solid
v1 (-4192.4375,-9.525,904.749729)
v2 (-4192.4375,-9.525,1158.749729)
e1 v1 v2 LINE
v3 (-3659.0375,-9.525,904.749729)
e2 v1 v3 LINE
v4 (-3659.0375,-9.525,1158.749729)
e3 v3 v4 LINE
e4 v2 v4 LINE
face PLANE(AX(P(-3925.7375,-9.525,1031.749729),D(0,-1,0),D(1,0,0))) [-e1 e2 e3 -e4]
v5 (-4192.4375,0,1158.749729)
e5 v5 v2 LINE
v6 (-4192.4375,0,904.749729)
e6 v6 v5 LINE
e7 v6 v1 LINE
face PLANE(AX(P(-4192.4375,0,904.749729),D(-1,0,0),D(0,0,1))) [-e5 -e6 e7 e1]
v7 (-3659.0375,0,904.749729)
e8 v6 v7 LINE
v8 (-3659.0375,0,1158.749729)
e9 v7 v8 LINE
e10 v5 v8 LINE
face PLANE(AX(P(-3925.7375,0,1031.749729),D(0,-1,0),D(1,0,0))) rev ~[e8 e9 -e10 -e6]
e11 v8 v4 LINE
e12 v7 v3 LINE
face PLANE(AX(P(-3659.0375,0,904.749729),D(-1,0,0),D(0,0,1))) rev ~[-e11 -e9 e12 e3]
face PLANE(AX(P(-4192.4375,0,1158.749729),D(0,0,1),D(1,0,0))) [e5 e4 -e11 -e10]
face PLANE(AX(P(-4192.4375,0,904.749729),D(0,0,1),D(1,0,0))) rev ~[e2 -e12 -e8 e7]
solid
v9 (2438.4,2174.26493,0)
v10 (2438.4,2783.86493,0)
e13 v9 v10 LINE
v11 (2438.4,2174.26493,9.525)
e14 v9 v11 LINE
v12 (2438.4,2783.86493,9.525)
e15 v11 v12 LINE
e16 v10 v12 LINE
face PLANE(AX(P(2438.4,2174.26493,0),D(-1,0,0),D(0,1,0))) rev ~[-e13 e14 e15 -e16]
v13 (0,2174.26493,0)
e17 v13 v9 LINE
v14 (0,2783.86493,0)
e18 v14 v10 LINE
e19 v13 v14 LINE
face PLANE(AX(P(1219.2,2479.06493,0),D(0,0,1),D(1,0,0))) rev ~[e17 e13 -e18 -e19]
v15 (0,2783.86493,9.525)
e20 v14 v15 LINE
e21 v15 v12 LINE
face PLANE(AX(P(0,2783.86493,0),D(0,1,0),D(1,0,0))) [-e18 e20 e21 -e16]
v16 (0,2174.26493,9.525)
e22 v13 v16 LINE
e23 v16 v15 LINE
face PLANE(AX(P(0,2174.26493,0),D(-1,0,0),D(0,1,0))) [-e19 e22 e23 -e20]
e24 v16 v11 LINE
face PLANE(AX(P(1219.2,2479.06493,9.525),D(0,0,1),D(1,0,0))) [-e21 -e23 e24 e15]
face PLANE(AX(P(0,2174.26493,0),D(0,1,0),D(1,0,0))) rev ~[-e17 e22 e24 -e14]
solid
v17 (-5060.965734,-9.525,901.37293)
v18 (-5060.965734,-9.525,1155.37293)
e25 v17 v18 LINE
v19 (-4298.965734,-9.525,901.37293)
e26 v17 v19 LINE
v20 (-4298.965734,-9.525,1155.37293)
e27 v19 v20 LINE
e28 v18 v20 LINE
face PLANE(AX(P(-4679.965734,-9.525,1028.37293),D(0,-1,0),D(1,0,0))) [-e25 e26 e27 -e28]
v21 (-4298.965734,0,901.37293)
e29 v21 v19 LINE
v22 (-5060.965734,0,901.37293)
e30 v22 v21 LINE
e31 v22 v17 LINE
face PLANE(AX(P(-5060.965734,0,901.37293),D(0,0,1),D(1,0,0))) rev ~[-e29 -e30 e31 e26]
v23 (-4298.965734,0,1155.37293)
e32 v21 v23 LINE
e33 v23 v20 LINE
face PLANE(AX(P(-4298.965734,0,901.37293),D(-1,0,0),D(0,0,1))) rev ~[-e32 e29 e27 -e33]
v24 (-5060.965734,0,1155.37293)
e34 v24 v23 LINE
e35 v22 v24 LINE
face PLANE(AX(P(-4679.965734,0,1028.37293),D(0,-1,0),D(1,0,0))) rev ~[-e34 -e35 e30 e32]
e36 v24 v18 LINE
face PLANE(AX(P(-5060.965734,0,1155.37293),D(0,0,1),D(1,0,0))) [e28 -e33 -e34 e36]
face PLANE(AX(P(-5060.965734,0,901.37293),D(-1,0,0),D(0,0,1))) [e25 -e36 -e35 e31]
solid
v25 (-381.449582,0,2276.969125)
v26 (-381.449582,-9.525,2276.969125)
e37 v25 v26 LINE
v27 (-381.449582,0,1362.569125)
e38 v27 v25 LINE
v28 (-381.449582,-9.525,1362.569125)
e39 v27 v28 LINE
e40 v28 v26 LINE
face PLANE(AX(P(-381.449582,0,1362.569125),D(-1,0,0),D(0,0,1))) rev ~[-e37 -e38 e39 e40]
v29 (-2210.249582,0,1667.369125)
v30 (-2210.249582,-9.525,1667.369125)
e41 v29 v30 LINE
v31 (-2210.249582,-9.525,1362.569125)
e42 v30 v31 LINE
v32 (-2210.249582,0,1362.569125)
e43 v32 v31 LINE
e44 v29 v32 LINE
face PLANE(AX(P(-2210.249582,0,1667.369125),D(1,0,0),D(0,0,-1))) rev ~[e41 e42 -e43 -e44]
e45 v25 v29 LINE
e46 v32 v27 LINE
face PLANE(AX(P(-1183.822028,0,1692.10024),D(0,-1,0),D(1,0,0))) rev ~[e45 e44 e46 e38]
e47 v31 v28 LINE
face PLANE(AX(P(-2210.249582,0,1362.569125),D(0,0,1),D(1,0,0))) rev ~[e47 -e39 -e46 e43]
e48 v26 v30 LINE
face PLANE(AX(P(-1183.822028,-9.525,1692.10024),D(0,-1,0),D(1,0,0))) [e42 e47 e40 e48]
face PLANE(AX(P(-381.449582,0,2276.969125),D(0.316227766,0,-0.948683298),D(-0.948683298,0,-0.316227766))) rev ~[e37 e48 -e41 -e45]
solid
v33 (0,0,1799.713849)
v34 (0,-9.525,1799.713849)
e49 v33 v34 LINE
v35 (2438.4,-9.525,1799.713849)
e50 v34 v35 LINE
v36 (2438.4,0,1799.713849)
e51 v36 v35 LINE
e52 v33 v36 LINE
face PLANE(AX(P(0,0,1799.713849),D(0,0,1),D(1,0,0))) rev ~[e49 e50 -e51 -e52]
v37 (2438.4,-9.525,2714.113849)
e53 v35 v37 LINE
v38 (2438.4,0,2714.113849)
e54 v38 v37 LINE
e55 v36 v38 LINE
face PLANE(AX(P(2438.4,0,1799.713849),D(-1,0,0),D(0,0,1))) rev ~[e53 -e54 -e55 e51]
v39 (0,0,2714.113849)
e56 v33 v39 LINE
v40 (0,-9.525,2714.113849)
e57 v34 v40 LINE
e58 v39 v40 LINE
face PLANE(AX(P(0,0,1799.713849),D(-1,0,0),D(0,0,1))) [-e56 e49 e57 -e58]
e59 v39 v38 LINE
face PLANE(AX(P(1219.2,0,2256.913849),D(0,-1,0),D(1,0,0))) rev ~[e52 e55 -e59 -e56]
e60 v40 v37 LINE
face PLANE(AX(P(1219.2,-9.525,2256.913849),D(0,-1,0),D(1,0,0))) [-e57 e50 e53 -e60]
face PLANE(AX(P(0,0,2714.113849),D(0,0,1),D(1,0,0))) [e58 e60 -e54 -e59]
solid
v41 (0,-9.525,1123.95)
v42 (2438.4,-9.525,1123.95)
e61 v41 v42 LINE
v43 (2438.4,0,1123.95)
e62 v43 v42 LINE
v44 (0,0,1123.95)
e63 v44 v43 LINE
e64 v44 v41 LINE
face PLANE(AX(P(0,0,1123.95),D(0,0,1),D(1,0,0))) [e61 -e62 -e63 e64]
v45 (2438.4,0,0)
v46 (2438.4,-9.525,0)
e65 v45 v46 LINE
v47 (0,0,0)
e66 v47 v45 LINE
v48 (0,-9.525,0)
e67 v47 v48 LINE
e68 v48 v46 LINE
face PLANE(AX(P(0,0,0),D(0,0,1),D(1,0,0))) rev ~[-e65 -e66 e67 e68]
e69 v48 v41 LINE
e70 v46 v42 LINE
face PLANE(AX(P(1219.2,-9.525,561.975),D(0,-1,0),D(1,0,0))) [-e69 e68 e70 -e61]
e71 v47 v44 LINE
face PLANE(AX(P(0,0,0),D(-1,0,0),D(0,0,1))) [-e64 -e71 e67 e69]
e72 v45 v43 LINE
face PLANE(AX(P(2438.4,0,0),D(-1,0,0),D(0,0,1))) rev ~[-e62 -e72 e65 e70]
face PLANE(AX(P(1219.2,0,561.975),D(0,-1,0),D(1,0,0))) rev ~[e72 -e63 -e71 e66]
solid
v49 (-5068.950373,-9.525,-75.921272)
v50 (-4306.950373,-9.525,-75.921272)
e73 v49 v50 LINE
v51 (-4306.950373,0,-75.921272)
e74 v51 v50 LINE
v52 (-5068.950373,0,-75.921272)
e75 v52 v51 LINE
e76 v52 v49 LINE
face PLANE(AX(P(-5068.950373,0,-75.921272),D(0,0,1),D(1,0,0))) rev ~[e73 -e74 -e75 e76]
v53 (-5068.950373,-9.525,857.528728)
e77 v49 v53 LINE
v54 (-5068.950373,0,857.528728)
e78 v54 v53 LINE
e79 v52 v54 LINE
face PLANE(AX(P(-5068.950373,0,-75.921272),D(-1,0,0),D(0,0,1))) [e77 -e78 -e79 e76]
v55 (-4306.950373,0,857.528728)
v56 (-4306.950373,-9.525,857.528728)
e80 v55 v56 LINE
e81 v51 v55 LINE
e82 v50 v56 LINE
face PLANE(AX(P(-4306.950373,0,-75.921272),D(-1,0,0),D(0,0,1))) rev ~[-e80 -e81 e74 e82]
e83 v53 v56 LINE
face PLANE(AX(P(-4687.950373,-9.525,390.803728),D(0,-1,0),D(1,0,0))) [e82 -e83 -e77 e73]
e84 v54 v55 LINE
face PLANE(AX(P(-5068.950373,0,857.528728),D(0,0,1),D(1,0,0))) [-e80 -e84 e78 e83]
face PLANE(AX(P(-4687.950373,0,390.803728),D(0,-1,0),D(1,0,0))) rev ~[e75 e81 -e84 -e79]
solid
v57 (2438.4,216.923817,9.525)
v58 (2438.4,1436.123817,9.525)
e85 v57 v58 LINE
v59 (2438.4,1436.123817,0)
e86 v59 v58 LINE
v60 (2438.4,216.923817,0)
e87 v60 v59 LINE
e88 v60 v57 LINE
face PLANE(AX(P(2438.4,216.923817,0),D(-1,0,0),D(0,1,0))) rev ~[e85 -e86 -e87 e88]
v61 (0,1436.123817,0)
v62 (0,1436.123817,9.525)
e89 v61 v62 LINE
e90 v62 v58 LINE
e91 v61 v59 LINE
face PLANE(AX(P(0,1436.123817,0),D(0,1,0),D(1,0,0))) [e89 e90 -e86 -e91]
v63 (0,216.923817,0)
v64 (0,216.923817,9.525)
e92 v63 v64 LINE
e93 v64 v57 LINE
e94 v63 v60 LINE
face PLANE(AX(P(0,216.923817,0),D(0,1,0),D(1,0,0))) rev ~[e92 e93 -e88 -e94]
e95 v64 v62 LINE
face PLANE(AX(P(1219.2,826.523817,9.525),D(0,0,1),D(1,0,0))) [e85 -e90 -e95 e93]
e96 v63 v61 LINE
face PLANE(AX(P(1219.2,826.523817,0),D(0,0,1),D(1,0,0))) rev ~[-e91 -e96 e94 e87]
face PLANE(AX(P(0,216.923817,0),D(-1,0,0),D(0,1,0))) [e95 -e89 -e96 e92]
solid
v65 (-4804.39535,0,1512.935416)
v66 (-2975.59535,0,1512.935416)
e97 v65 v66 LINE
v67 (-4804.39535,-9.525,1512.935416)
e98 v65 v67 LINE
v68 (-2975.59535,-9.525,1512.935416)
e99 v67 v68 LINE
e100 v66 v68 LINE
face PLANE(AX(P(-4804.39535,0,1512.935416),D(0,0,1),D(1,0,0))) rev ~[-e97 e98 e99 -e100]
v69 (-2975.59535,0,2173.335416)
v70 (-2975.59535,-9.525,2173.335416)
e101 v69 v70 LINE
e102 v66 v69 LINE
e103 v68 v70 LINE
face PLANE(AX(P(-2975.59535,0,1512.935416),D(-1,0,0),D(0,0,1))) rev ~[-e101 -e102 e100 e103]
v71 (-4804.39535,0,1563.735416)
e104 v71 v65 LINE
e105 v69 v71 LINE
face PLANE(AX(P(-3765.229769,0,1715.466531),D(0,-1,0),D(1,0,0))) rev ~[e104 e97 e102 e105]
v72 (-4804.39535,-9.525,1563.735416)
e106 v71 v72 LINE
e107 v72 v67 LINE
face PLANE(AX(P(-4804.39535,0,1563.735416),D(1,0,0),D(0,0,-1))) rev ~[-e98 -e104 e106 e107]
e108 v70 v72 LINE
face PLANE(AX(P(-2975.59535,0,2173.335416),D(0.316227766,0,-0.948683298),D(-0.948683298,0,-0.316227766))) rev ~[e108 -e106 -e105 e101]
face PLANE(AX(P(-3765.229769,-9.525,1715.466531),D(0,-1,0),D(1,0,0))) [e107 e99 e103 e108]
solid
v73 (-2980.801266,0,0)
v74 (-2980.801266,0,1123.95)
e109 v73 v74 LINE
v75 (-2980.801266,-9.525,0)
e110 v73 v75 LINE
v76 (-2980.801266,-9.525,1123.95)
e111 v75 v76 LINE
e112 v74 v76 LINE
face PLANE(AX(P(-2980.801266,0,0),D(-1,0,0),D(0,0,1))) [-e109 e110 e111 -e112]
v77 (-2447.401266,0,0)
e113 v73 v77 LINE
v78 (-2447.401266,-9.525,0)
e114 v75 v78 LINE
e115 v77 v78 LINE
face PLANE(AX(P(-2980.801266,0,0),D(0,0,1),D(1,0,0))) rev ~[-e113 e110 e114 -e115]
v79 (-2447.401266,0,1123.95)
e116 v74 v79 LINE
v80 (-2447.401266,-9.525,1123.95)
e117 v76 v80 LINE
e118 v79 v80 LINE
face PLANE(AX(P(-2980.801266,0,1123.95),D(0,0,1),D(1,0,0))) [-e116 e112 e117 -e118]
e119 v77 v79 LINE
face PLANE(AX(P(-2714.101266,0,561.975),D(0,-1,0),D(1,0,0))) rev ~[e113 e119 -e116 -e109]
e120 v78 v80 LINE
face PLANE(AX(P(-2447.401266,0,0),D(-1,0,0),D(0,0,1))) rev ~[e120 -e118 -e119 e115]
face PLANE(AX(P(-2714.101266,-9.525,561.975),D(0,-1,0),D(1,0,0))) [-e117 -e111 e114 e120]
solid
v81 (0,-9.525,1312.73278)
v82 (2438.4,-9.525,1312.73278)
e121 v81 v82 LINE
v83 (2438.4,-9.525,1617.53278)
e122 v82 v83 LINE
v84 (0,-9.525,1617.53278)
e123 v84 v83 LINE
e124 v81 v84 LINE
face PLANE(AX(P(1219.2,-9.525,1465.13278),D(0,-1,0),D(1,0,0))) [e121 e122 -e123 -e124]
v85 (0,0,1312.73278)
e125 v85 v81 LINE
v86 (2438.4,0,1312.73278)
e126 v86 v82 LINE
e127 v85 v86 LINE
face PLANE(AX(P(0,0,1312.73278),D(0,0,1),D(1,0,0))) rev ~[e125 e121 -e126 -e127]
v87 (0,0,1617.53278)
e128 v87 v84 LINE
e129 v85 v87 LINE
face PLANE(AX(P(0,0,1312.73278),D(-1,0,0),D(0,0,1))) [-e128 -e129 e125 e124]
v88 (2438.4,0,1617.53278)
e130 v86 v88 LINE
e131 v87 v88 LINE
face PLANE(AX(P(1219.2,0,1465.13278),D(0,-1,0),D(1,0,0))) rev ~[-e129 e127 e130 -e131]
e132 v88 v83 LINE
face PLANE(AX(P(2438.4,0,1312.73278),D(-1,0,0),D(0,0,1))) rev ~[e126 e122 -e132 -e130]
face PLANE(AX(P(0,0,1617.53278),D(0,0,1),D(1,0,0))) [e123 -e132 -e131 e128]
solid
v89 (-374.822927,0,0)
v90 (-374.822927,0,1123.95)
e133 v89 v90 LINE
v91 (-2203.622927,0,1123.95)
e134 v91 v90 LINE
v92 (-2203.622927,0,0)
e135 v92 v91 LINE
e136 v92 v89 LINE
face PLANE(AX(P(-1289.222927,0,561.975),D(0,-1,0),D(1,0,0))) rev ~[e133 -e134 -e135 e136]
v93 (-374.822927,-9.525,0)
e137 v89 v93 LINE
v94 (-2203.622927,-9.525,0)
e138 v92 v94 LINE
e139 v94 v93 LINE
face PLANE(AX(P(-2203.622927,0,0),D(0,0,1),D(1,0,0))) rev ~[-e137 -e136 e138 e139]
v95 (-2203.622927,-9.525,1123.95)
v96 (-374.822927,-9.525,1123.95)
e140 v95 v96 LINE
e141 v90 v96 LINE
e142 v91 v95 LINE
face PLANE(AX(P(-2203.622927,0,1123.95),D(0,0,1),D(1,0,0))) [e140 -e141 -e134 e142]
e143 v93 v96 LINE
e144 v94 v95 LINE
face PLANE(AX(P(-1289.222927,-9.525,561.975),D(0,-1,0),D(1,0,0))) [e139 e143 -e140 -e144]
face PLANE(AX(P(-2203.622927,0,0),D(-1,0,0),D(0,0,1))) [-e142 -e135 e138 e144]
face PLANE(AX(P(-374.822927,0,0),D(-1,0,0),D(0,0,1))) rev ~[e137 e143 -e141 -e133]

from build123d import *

# Parameters (mm, degrees)
F0_W      = 2438.4
F0_H      = 1123.95
F1_DEPTH  = 9.525
F2_W      = 2438.4
F2_H      = 304.8
F3_DEPTH  = 9.525
F4_W      = 2438.4
F4_H      = 914.4
F5_DEPTH  = 9.525
F6_W      = 1828.8
F6_H      = 1123.95
F7_DEPTH  = 9.525
F9_DEPTH  = 9.525
F10_W     = 2438.4
F10_H     = 1219.2
F11_DEPTH = 9.525
F12_W     = 2438.4
F12_H     = 609.6
F13_DEPTH = 9.525
F14_W     = 533.4
F14_H     = 1123.95
F15_DEPTH = 9.525
F17_DEPTH = 9.525
F18_W     = 533.4
F18_H     = 254
F19_DEPTH = 9.525
F20_W     = 762
F20_H     = 254
F21_DEPTH = 9.525
F22_W     = 762
F22_H     = 933.45
F23_DEPTH = 9.525


with BuildPart() as f1:
    # F0 (on Front) → F1 (new body)
    with BuildSketch(Plane.XZ):
        with Locations((1219.2, 561.975)):
            Rectangle(F0_W, F0_H)
    extrude(amount=F1_DEPTH)


with BuildPart() as f3:
    # F2 (on Front) → F3 (new body)
    with BuildSketch(Plane.XZ):
        with Locations((1219.2, 1465.13278)):
            Rectangle(F2_W, F2_H)
    extrude(amount=F3_DEPTH)


with BuildPart() as f5:
    # F4 (on Front) → F5 (new body)
    with BuildSketch(Plane.XZ):
        with Locations((1219.2, 2256.913849)):
            Rectangle(F4_W, F4_H)
    extrude(amount=F5_DEPTH)


with BuildPart() as f7:
    # F6 (on Front) → F7 (new body)
    with BuildSketch(Plane.XZ):
        with Locations((-1289.222927, 561.975)):
            Rectangle(F6_W, F6_H)
    extrude(amount=F7_DEPTH)


with BuildPart() as f9:
    # F8 (on Front) → F9 (new body)
    with BuildSketch(Plane.XZ):
        Polygon((-2210.249582, 1362.569125), (-381.449582, 1362.569125), (-381.449582, 2276.969125), (-2210.249582, 1667.369125), align=None)
    extrude(amount=F9_DEPTH)


with BuildPart() as f11:
    # F10 (on Top) → F11 (new body)
    with BuildSketch(Plane.XY):
        with Locations((1219.2, 826.523817)):
            Rectangle(F10_W, F10_H)
    extrude(amount=F11_DEPTH)


with BuildPart() as f13:
    # F12 (on Top) → F13 (new body)
    with BuildSketch(Plane.XY):
        with Locations((1219.2, 2479.06493)):
            Rectangle(F12_W, F12_H)
    extrude(amount=F13_DEPTH)


with BuildPart() as f15:
    # F14 (on Front) → F15 (new body)
    with BuildSketch(Plane.XZ):
        with Locations((-2714.101266, 561.975)):
            Rectangle(F14_W, F14_H)
    extrude(amount=F15_DEPTH)


with BuildPart() as f17:
    # F16 (on Front) → F17 (new body)
    with BuildSketch(Plane.XZ):
        Polygon((-4804.39535, 1512.935416), (-2975.59535, 1512.935416), (-2975.59535, 2173.335416), (-4804.39535, 1563.735416), align=None)
    extrude(amount=F17_DEPTH)


with BuildPart() as f19:
    # F18 (on Front) → F19 (new body)
    with BuildSketch(Plane.XZ):
        with Locations((-3925.7375, 1031.749729)):
            Rectangle(F18_W, F18_H)
    extrude(amount=F19_DEPTH)


with BuildPart() as f21:
    # F20 (on Front) → F21 (new body)
    with BuildSketch(Plane.XZ):
        with Locations((-4679.965734, 1028.37293)):
            Rectangle(F20_W, F20_H)
    extrude(amount=F21_DEPTH)


with BuildPart() as f23:
    # F22 (on Front) → F23 (new body)
    with BuildSketch(Plane.XZ):
        with Locations((-4687.950373, 390.803728)):
            Rectangle(F22_W, F22_H)
    extrude(amount=F23_DEPTH)


solid = Compound([f1.part, f3.part, f5.part, f7.part, f9.part, f11.part, f13.part, f15.part, f17.part, f19.part, f21.part, f23.part])
